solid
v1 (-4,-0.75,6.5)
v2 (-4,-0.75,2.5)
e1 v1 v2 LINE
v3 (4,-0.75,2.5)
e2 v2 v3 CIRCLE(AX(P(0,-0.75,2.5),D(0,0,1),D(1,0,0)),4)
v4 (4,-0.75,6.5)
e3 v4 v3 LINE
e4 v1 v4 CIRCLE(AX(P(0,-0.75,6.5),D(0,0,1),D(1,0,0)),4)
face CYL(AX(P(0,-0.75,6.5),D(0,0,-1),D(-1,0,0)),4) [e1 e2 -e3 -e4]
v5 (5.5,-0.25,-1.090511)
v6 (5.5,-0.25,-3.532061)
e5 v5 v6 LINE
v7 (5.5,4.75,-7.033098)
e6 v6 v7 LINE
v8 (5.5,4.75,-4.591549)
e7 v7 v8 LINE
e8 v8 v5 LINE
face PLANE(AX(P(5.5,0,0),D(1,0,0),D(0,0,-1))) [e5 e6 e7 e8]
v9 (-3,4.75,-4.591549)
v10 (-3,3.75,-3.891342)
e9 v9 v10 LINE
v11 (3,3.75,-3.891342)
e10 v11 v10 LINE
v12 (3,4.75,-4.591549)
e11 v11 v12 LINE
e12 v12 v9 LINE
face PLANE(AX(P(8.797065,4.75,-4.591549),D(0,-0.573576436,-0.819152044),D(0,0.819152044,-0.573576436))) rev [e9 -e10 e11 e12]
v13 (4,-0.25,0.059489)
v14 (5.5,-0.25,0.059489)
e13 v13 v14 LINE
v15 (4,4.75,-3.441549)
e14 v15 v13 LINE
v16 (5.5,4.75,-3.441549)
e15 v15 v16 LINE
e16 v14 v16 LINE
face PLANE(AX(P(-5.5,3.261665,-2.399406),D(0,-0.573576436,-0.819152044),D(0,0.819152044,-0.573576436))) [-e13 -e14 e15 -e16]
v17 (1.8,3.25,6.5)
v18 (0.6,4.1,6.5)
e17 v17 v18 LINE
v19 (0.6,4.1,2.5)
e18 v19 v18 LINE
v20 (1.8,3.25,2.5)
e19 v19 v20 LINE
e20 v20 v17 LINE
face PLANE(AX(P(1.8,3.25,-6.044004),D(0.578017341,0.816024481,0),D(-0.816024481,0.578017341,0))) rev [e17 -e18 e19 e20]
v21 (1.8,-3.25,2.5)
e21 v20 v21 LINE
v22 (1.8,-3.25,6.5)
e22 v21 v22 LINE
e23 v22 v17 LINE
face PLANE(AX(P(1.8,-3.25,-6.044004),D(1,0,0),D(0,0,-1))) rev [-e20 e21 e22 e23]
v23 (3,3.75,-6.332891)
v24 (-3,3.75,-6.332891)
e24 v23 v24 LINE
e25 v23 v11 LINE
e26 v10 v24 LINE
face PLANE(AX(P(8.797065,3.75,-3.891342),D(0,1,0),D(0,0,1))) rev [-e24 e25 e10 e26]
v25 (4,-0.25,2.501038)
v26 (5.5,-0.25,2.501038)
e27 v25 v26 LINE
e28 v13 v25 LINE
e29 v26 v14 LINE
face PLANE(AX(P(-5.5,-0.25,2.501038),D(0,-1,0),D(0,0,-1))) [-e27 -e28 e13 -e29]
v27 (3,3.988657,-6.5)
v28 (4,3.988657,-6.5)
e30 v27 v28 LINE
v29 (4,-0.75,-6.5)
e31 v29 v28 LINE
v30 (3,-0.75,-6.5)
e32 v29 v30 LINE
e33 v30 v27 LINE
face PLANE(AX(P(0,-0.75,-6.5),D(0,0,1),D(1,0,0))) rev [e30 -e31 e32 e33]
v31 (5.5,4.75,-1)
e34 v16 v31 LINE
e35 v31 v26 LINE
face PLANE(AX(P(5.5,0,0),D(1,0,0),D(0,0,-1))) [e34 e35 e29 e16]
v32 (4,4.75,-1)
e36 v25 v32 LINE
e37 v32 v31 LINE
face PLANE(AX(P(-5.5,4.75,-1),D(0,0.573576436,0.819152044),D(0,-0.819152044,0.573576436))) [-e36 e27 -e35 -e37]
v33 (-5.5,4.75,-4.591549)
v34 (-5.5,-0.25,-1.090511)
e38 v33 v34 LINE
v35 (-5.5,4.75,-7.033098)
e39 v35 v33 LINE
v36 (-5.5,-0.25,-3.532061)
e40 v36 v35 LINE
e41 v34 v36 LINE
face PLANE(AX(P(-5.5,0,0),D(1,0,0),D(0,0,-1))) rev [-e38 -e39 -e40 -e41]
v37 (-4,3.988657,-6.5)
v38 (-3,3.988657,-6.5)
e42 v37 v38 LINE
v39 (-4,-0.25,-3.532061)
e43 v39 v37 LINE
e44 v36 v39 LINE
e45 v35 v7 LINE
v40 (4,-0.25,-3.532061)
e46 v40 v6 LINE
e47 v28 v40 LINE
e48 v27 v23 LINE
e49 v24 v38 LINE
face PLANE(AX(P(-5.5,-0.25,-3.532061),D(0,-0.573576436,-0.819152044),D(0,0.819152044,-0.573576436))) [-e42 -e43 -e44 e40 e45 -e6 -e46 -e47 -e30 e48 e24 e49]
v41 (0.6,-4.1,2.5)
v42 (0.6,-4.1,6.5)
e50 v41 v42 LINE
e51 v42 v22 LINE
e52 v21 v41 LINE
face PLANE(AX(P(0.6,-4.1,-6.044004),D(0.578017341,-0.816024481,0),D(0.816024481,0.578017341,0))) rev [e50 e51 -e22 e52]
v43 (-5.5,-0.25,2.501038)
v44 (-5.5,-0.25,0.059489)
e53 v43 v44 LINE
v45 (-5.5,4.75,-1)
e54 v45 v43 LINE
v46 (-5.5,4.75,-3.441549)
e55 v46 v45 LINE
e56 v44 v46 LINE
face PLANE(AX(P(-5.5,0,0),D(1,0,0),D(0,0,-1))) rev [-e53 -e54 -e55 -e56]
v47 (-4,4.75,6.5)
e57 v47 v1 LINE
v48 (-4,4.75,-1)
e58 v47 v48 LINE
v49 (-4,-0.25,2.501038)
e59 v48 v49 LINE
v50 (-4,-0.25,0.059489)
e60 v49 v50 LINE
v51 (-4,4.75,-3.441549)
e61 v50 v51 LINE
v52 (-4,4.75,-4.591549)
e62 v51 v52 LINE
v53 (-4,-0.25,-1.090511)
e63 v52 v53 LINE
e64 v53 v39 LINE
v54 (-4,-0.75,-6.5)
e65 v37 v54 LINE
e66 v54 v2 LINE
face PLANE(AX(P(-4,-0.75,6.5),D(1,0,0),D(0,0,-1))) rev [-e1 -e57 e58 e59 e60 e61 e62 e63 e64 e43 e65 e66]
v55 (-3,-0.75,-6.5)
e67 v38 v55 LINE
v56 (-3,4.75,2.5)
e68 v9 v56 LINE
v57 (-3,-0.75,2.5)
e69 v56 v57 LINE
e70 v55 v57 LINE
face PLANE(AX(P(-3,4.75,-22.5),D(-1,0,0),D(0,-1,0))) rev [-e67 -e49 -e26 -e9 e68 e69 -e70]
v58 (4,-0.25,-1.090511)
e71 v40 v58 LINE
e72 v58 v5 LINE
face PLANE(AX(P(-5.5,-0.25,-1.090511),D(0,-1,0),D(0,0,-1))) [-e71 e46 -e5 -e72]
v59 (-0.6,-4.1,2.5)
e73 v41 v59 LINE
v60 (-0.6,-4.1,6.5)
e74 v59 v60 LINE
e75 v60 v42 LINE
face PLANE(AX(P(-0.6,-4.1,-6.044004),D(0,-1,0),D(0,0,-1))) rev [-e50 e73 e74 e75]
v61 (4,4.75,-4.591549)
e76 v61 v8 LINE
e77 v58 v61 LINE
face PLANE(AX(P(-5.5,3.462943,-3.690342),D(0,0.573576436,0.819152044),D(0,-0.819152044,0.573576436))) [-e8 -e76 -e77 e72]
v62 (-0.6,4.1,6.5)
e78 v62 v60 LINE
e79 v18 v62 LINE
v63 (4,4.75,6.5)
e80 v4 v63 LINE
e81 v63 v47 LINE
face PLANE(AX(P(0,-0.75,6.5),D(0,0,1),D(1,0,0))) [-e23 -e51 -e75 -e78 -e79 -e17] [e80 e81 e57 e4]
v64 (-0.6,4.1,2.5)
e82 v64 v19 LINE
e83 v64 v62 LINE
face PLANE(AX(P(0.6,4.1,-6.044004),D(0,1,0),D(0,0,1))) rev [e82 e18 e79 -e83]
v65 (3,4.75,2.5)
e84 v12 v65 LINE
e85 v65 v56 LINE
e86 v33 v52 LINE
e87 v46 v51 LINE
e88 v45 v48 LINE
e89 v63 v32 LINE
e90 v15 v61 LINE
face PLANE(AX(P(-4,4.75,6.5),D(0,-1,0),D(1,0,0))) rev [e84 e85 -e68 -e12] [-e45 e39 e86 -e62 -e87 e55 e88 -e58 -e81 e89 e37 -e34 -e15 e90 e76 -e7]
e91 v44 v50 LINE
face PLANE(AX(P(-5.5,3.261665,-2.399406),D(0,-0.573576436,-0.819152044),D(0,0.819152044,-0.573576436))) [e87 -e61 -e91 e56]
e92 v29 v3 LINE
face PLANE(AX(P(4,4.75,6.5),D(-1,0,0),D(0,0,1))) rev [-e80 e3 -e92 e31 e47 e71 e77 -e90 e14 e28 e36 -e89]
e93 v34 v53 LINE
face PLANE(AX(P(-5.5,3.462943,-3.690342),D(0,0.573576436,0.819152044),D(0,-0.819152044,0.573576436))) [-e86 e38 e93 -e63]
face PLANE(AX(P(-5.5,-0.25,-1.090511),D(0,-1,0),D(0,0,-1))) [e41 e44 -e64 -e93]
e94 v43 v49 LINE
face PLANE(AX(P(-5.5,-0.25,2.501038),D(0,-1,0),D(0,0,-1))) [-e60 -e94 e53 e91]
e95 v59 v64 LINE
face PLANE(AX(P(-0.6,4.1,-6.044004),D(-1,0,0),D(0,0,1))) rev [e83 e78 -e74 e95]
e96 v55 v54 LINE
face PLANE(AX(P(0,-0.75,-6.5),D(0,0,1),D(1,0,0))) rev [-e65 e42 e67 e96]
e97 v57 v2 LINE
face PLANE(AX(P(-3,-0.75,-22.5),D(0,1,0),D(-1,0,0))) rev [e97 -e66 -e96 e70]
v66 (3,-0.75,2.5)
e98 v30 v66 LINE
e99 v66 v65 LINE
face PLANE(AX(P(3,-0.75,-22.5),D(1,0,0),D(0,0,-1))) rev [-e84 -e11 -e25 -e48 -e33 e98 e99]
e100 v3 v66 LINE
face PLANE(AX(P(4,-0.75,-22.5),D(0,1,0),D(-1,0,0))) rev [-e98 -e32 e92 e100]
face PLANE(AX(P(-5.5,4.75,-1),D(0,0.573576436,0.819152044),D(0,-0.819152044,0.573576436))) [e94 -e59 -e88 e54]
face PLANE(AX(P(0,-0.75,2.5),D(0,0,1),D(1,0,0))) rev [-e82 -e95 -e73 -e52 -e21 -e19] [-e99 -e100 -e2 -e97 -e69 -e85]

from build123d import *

# Parameters (mm, degrees)
BOSS_EXTRUDE1_DEPTH             = 6.5
BOSS_EXTRUDE2_DEPTH             = 5.5
BOSS_EXTRUDE2_DEPTH_BACK        = 5.5
CUT_EXTRUDE1_START              = -4
CUT_EXTRUDE1_DEPTH              = 25
BOSS_EXTRUDE3_REACH             = 7.5
BOSS_EXTRUDE3_DIRECTION_2_REACH = 7.5
CUT_EXTRUDE2_DEPTH              = 4


with BuildPart() as part:
    # Sketch1 → Boss-Extrude1 (new body, symmetric)
    with BuildSketch(Plane.XY):
        with BuildLine():
            Line((-4, -0.75), (-4, 4.75))
            Line((-4, 4.75), (4, 4.75))
            Line((4, 4.75), (4, -0.75))
            ThreePointArc((4, -0.75), (0, -4.75), (-4, -0.75))
        make_face()
    extrude(amount=BOSS_EXTRUDE1_DEPTH, both=True)

    # Sketch2 → Boss-Extrude2 (add, two sides)
    with BuildSketch(Plane(origin=(0, 0, 0), x_dir=(0, 0, -1), z_dir=(1, 0, 0))) as boss_extrude2_sk:
        Polygon((-2.501037691, -0.25), (-0.059488514, -0.25), (2.39940586, 3.261665098), (3.441549178, 4.75), (1, 4.75), align=None)
        Polygon((4.591549178, 4.75), (4.021496439, 3.935880318), (3.690341929, 3.462942665), (1.090511486, -0.25), (3.532060664, -0.25), (7.033098355, 4.75), align=None)
    extrude(amount=BOSS_EXTRUDE2_DEPTH)
    extrude(boss_extrude2_sk.sketch, amount=-BOSS_EXTRUDE2_DEPTH_BACK)

    # Sketch3 → Cut-Extrude1 (cut)
    with BuildSketch(Plane.XY.offset(6.5).offset(CUT_EXTRUDE1_START)):
        with BuildLine():
            Line((4, -0.75), (3, -0.75))
            Line((3, -0.75), (3, 4.75))
            Line((3, 4.75), (-3, 4.75))
            Line((-3, 4.75), (-3, -0.75))
            Line((-3, -0.75), (-4, -0.75))
            ThreePointArc((-4, -0.75), (0, -4.75), (4, -0.75))
        make_face()
    extrude(amount=-CUT_EXTRUDE1_DEPTH, mode=Mode.SUBTRACT)

    # Boss-Extrude3: up to this face of the body (flat: up to its plane)
    boss_extrude3_end = Plane(part.part.faces().sort_by_distance((5.5, 2.25, -4.061804921))[0])
    # Sketch4 → Boss-Extrude3 (add, up to the picked face)
    with BuildSketch(Plane(origin=(0, 0, 0), x_dir=(0, 0, -1), z_dir=(1, 0, 0)), mode=Mode.PRIVATE) as boss_extrude3_sk1:
        Polygon((7.033098355, 4.75), (4.591549178, 4.75), (3.891341639, 3.75), (6.332890817, 3.75), align=None)
    boss_extrude3_tool1 = split(extrude(boss_extrude3_sk1.sketch, amount=BOSS_EXTRUDE3_REACH, mode=Mode.PRIVATE), bisect_by=boss_extrude3_end, keep=Keep.BOTH, mode=Mode.PRIVATE)
    add(boss_extrude3_tool1.solids().sort_by_distance((0, 4.25, -5.46222))[0])

    # Boss-Extrude3 direction 2: up to this face of the body (flat: up to its plane)
    boss_extrude3_direction_2_end = Plane(part.part.faces().sort_by_distance((-5.5, 2.25, -4.061804921))[0])
    # Sketch4 → Boss-Extrude3 direction 2 (add, up to the picked face)
    with BuildSketch(Plane(origin=(0, 0, 0), x_dir=(0, 0, -1), z_dir=(1, 0, 0)), mode=Mode.PRIVATE) as boss_extrude3_direction_2_sk1:
        Polygon((7.033098355, 4.75), (4.591549178, 4.75), (3.891341639, 3.75), (6.332890817, 3.75), align=None)
    boss_extrude3_direction_2_tool1 = split(extrude(boss_extrude3_direction_2_sk1.sketch, amount=-BOSS_EXTRUDE3_DIRECTION_2_REACH, mode=Mode.PRIVATE), bisect_by=boss_extrude3_direction_2_end, keep=Keep.BOTH, mode=Mode.PRIVATE)
    add(boss_extrude3_direction_2_tool1.solids().sort_by_distance((0, 4.25, -5.46222))[0])

    # Sketch5 → Cut-Extrude2 (cut)
    with BuildSketch(Plane.XY.offset(6.5)):
        Polygon((-0.6, 4.1), (-0.6, -4.1), (0.6, -4.1), (1.8, -3.25), (1.8, 3.25), (0.6, 4.1), align=None)
    extrude(amount=-CUT_EXTRUDE2_DEPTH, mode=Mode.SUBTRACT)


solid = part.part
